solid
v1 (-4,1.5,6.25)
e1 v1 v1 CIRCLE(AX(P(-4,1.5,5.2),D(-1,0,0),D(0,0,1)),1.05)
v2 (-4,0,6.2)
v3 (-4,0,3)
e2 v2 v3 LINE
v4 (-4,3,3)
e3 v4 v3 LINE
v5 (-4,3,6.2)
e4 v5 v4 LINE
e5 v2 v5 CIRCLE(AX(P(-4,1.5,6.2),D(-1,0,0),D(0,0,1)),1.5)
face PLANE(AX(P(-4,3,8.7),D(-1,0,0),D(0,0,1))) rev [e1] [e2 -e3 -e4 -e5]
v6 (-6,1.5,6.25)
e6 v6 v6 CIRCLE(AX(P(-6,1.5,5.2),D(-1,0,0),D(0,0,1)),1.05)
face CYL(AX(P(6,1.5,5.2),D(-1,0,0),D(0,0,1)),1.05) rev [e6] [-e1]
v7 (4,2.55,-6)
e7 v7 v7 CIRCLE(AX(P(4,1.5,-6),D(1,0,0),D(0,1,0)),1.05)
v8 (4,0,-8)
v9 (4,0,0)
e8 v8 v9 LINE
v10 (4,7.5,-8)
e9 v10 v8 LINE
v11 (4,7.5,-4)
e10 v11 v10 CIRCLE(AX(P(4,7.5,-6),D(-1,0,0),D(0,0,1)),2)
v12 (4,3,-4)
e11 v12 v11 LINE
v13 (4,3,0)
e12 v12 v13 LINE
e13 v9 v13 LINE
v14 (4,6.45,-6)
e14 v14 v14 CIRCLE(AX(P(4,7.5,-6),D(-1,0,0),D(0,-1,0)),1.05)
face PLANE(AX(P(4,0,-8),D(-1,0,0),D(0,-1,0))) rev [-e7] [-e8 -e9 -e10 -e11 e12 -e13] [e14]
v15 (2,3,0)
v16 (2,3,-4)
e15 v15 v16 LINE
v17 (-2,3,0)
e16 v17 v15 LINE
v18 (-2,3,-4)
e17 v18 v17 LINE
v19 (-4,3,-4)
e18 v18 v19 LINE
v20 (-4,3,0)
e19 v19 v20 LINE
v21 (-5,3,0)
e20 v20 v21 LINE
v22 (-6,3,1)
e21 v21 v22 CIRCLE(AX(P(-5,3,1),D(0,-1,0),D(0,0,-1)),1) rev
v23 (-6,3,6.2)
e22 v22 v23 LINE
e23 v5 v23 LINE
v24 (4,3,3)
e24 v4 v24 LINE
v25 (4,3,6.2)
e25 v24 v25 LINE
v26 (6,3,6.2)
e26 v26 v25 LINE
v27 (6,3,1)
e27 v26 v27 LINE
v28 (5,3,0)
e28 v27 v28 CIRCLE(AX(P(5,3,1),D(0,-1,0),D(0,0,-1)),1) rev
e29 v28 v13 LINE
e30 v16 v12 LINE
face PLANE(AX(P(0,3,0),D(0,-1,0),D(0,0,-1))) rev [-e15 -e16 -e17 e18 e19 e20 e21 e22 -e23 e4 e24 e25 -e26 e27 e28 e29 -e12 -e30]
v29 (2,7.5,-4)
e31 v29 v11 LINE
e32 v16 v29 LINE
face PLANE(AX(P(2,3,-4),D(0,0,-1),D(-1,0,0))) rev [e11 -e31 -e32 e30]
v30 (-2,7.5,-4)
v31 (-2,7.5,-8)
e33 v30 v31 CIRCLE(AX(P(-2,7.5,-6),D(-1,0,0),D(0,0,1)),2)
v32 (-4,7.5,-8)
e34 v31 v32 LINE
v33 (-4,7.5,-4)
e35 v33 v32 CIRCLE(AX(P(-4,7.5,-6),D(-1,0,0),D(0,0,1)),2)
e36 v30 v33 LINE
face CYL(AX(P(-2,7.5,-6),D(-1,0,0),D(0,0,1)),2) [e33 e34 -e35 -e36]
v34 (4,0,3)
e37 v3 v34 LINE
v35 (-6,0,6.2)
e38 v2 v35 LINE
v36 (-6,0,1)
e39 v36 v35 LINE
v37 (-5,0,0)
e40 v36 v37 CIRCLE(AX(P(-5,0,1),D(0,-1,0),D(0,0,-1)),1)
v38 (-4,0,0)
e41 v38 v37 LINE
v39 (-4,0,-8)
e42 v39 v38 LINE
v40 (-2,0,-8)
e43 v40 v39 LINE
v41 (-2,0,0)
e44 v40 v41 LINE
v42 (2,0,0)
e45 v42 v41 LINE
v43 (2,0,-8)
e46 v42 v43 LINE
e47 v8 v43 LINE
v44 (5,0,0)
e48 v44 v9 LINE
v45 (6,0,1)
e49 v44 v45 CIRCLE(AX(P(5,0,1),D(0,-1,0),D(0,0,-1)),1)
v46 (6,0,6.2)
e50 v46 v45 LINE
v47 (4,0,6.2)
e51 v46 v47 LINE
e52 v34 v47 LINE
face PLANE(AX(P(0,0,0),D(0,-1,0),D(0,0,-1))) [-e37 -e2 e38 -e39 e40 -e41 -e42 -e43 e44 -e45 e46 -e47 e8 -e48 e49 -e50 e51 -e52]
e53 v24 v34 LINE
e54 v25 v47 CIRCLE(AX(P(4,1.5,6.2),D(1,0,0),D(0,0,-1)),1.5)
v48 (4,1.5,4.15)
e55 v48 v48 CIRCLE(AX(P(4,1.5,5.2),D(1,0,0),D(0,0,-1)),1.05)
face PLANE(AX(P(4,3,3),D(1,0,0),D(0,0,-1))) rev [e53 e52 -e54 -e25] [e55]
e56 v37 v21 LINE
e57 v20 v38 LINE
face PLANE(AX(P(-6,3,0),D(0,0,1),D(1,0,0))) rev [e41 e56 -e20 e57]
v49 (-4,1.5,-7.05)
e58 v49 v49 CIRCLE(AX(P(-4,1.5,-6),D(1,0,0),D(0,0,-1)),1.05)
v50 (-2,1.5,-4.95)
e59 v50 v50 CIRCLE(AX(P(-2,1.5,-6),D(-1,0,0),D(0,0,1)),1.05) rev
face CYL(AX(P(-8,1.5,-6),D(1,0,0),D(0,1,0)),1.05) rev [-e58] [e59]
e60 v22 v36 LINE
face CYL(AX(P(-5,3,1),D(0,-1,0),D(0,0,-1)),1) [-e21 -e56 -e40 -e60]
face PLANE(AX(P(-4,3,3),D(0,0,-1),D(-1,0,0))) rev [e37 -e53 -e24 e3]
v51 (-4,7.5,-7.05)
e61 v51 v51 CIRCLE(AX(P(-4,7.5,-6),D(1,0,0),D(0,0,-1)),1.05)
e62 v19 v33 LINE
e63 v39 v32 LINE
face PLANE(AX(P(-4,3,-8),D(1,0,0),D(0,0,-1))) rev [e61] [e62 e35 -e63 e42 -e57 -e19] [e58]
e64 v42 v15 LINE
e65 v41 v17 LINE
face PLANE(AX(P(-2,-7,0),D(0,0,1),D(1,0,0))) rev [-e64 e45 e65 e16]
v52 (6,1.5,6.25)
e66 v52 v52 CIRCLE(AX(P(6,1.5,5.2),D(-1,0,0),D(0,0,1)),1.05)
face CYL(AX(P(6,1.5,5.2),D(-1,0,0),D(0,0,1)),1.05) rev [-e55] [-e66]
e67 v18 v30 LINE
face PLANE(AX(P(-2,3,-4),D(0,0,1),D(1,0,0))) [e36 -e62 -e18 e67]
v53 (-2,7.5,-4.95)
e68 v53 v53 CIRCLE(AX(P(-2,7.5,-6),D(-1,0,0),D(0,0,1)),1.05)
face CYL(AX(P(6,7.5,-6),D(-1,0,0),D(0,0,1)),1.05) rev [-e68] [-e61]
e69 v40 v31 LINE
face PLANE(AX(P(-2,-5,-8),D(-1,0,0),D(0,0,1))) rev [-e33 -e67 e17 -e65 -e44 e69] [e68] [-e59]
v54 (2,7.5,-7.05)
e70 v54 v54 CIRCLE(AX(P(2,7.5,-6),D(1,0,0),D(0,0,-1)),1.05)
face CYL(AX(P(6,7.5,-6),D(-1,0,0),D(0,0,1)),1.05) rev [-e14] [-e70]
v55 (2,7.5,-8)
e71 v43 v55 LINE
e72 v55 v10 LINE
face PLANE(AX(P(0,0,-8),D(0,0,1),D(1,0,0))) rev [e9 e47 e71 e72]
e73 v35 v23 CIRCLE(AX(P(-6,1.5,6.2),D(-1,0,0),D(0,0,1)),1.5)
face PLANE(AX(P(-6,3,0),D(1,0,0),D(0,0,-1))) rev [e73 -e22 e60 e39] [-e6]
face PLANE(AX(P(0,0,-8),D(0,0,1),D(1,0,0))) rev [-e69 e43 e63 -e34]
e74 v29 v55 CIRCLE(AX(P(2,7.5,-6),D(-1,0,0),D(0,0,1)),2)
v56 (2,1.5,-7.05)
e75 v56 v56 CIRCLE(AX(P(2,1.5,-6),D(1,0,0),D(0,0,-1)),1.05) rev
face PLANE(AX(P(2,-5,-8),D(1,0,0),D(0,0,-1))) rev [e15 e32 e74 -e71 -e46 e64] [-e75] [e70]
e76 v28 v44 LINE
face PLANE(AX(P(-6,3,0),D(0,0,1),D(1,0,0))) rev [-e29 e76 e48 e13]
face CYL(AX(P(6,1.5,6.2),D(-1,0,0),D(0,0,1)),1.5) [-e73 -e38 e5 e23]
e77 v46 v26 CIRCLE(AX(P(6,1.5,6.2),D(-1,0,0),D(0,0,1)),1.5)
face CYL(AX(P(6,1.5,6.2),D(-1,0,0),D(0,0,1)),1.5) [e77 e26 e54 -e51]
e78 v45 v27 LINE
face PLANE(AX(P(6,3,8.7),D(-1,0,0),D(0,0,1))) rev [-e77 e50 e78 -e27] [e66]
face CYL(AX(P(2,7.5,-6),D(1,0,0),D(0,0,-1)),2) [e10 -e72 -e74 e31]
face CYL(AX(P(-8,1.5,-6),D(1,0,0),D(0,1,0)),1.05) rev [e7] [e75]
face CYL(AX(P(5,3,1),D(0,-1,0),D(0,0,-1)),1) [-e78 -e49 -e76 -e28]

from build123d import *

# Parameters (mm, degrees)
EXTRUDE_1_DEPTH          = 3
SKETCH_2_OUTSIDE_W       = 13.724
SKETCH_2_OUTSIDE_H       = 8.024
CUT_EXTRUDE_1_DEPTH      = 12
SKETCH_3_R               = 1.05
CUT_EXTRUDE_2_DEPTH      = 12
FILLET_1_R               = 1
SKETCH_4_R               = 0.95
EXTRUDE_2_DEPTH          = 2
SKETCH_5_W               = 8
SKETCH_5_H               = 3
EXTRUDE_3_DEPTH          = 6
SKETCH_6_R               = 1.05
CUT_EXTRUDE_3_DEPTH      = 12
CUT_EXTRUDE_4_DEPTH      = 8
EXTRUDE_5_DEPTH          = 2
SKETCH_13_W              = 8
SKETCH_13_H              = 3
EXTRUDE_8_DEPTH          = 2
SKETCH_14_W              = 4
SKETCH_14_H              = 6
CUT_EXTRUDE_5_DEPTH      = 10
CUT_EXTRUDE_6_DEPTH      = 15.773286703
CUT_EXTRUDE_6_DEPTH_BACK = 15.773286703
SKETCH_11_R              = 1.05


with BuildPart() as part:
    # 草图1 → 凸台-拉伸1 (new body)
    with BuildSketch(Plane(origin=(0, 0, 0), x_dir=(1, 0, 0), z_dir=(0, 1, 0))):
        Polygon((-6, 0), (6, 0), (6, -8.7), (4, -8.7), (4, -3), (-4, -3), (-4, -8.7), (-6, -8.7), align=None)
    extrude(amount=EXTRUDE_1_DEPTH)

    # 草图2 outside → 切除-拉伸1 (cut)
    with BuildSketch(Plane.ZY.offset(6)):
        with Locations((4.35, 1.5)):
            Rectangle(SKETCH_2_OUTSIDE_W, SKETCH_2_OUTSIDE_H)
        with BuildLine():
            Line((6.2, 3), (0, 3))
            Line((0, 3), (0, 0))
            Line((0, 0), (6.2, 0))
            ThreePointArc((6.2, 0), (7.7, 1.5), (6.2, 3))
        make_face(mode=Mode.SUBTRACT)
    extrude(amount=-CUT_EXTRUDE_1_DEPTH, mode=Mode.SUBTRACT)

    # 草图3 → 切除-拉伸2 (cut)
    with BuildSketch(Plane.ZY.offset(6)):
        with Locations((5.2, 1.5)):
            Circle(SKETCH_3_R)
    extrude(amount=-CUT_EXTRUDE_2_DEPTH, mode=Mode.SUBTRACT)

    # 圆角1
    fillet_1_edges = [part.edges().sort_by_distance(p)[0] for p in [
        (-6, 1.5, 0),
        (6, 1.5, 0),
    ]]
    fillet(fillet_1_edges, radius=FILLET_1_R)

    # 草图4 → 凸台-拉伸2 (add)
    with BuildSketch(Plane(origin=(0, 0, 0), x_dir=(-1, 0, 0), z_dir=(0, 0, -1))):
        with Locations(Location((0, 1.5, 0), (0, 0, 180))):
            Circle(SKETCH_4_R)
    extrude(amount=EXTRUDE_2_DEPTH)

    # 草图5 → 凸台-拉伸3 (add)
    with BuildSketch(Plane(origin=(0, 0, -2), x_dir=(-1, 0, 0), z_dir=(0, 0, -1))):
        with Locations((0, 1.5)):
            Rectangle(SKETCH_5_W, SKETCH_5_H)
    extrude(amount=EXTRUDE_3_DEPTH)

    # 草图6 → 切除-拉伸3 (cut)
    with BuildSketch(Plane(origin=(4, 0, 0), x_dir=(0, 0, -1), z_dir=(1, 0, 0))):
        with Locations(Location((6, 1.5, 0), (0, 0, 90))):
            Circle(SKETCH_6_R)
    extrude(amount=-CUT_EXTRUDE_3_DEPTH, mode=Mode.SUBTRACT)

    # 草图8 → 切除-拉伸4 (cut)
    with BuildSketch(Plane(origin=(0, 3, 0), x_dir=(1, 0, 0), z_dir=(0, 1, 0))):
        Polygon((-1.5, 8), (1.5, 8), (2, 8), (2, 6), (1.5, 6), (-1.5, 6), (-2, 6), (-2, 8), align=None)
    extrude(amount=-CUT_EXTRUDE_4_DEPTH, mode=Mode.SUBTRACT)

    # 草图10 → 凸台-拉伸5 (add)
    with BuildSketch(Plane.ZY.offset(4)):
        with BuildLine():
            Line((-8, 3), (-8, 7.5))
            ThreePointArc((-8, 7.5), (-6, 9.5), (-4, 7.5))
            Line((-4, 7.5), (-4, 3))
            Line((-4, 3), (-8, 3))
        make_face()
    extrude_5 = extrude(amount=-EXTRUDE_5_DEPTH)

    # 镜向2: 凸台-拉伸5 across plane
    add(extrude_5.mirror(Plane(origin=(0, 0, 0), x_dir=(0, 0, 1), z_dir=(1, 0, 0))))

    # 草图13 → 凸台-拉伸8 (add)
    with BuildSketch(Plane.XY.offset(-2)):
        with Locations((0, 1.5)):
            Rectangle(SKETCH_13_W, SKETCH_13_H)
    extrude(amount=EXTRUDE_8_DEPTH)

    # 草图14 → 切除-拉伸5 (cut)
    with BuildSketch(Plane(origin=(0, 3, 0), x_dir=(1, 0, 0), z_dir=(0, 1, 0))):
        with Locations((0, 3)):
            Rectangle(SKETCH_14_W, SKETCH_14_H)
    extrude(amount=-CUT_EXTRUDE_5_DEPTH, mode=Mode.SUBTRACT)

    # 草图11 → 切除-拉伸6 (cut, two sides: drawn at the far end of the back side and taken through both)
    with BuildSketch(Plane.ZY.offset(2).offset(-CUT_EXTRUDE_6_DEPTH_BACK)):
        with Locations(Location((-6, 7.5, 0), (0, 0, 270))):
            Circle(SKETCH_11_R)
    extrude(amount=CUT_EXTRUDE_6_DEPTH + CUT_EXTRUDE_6_DEPTH_BACK, mode=Mode.SUBTRACT)


solid = part.part
